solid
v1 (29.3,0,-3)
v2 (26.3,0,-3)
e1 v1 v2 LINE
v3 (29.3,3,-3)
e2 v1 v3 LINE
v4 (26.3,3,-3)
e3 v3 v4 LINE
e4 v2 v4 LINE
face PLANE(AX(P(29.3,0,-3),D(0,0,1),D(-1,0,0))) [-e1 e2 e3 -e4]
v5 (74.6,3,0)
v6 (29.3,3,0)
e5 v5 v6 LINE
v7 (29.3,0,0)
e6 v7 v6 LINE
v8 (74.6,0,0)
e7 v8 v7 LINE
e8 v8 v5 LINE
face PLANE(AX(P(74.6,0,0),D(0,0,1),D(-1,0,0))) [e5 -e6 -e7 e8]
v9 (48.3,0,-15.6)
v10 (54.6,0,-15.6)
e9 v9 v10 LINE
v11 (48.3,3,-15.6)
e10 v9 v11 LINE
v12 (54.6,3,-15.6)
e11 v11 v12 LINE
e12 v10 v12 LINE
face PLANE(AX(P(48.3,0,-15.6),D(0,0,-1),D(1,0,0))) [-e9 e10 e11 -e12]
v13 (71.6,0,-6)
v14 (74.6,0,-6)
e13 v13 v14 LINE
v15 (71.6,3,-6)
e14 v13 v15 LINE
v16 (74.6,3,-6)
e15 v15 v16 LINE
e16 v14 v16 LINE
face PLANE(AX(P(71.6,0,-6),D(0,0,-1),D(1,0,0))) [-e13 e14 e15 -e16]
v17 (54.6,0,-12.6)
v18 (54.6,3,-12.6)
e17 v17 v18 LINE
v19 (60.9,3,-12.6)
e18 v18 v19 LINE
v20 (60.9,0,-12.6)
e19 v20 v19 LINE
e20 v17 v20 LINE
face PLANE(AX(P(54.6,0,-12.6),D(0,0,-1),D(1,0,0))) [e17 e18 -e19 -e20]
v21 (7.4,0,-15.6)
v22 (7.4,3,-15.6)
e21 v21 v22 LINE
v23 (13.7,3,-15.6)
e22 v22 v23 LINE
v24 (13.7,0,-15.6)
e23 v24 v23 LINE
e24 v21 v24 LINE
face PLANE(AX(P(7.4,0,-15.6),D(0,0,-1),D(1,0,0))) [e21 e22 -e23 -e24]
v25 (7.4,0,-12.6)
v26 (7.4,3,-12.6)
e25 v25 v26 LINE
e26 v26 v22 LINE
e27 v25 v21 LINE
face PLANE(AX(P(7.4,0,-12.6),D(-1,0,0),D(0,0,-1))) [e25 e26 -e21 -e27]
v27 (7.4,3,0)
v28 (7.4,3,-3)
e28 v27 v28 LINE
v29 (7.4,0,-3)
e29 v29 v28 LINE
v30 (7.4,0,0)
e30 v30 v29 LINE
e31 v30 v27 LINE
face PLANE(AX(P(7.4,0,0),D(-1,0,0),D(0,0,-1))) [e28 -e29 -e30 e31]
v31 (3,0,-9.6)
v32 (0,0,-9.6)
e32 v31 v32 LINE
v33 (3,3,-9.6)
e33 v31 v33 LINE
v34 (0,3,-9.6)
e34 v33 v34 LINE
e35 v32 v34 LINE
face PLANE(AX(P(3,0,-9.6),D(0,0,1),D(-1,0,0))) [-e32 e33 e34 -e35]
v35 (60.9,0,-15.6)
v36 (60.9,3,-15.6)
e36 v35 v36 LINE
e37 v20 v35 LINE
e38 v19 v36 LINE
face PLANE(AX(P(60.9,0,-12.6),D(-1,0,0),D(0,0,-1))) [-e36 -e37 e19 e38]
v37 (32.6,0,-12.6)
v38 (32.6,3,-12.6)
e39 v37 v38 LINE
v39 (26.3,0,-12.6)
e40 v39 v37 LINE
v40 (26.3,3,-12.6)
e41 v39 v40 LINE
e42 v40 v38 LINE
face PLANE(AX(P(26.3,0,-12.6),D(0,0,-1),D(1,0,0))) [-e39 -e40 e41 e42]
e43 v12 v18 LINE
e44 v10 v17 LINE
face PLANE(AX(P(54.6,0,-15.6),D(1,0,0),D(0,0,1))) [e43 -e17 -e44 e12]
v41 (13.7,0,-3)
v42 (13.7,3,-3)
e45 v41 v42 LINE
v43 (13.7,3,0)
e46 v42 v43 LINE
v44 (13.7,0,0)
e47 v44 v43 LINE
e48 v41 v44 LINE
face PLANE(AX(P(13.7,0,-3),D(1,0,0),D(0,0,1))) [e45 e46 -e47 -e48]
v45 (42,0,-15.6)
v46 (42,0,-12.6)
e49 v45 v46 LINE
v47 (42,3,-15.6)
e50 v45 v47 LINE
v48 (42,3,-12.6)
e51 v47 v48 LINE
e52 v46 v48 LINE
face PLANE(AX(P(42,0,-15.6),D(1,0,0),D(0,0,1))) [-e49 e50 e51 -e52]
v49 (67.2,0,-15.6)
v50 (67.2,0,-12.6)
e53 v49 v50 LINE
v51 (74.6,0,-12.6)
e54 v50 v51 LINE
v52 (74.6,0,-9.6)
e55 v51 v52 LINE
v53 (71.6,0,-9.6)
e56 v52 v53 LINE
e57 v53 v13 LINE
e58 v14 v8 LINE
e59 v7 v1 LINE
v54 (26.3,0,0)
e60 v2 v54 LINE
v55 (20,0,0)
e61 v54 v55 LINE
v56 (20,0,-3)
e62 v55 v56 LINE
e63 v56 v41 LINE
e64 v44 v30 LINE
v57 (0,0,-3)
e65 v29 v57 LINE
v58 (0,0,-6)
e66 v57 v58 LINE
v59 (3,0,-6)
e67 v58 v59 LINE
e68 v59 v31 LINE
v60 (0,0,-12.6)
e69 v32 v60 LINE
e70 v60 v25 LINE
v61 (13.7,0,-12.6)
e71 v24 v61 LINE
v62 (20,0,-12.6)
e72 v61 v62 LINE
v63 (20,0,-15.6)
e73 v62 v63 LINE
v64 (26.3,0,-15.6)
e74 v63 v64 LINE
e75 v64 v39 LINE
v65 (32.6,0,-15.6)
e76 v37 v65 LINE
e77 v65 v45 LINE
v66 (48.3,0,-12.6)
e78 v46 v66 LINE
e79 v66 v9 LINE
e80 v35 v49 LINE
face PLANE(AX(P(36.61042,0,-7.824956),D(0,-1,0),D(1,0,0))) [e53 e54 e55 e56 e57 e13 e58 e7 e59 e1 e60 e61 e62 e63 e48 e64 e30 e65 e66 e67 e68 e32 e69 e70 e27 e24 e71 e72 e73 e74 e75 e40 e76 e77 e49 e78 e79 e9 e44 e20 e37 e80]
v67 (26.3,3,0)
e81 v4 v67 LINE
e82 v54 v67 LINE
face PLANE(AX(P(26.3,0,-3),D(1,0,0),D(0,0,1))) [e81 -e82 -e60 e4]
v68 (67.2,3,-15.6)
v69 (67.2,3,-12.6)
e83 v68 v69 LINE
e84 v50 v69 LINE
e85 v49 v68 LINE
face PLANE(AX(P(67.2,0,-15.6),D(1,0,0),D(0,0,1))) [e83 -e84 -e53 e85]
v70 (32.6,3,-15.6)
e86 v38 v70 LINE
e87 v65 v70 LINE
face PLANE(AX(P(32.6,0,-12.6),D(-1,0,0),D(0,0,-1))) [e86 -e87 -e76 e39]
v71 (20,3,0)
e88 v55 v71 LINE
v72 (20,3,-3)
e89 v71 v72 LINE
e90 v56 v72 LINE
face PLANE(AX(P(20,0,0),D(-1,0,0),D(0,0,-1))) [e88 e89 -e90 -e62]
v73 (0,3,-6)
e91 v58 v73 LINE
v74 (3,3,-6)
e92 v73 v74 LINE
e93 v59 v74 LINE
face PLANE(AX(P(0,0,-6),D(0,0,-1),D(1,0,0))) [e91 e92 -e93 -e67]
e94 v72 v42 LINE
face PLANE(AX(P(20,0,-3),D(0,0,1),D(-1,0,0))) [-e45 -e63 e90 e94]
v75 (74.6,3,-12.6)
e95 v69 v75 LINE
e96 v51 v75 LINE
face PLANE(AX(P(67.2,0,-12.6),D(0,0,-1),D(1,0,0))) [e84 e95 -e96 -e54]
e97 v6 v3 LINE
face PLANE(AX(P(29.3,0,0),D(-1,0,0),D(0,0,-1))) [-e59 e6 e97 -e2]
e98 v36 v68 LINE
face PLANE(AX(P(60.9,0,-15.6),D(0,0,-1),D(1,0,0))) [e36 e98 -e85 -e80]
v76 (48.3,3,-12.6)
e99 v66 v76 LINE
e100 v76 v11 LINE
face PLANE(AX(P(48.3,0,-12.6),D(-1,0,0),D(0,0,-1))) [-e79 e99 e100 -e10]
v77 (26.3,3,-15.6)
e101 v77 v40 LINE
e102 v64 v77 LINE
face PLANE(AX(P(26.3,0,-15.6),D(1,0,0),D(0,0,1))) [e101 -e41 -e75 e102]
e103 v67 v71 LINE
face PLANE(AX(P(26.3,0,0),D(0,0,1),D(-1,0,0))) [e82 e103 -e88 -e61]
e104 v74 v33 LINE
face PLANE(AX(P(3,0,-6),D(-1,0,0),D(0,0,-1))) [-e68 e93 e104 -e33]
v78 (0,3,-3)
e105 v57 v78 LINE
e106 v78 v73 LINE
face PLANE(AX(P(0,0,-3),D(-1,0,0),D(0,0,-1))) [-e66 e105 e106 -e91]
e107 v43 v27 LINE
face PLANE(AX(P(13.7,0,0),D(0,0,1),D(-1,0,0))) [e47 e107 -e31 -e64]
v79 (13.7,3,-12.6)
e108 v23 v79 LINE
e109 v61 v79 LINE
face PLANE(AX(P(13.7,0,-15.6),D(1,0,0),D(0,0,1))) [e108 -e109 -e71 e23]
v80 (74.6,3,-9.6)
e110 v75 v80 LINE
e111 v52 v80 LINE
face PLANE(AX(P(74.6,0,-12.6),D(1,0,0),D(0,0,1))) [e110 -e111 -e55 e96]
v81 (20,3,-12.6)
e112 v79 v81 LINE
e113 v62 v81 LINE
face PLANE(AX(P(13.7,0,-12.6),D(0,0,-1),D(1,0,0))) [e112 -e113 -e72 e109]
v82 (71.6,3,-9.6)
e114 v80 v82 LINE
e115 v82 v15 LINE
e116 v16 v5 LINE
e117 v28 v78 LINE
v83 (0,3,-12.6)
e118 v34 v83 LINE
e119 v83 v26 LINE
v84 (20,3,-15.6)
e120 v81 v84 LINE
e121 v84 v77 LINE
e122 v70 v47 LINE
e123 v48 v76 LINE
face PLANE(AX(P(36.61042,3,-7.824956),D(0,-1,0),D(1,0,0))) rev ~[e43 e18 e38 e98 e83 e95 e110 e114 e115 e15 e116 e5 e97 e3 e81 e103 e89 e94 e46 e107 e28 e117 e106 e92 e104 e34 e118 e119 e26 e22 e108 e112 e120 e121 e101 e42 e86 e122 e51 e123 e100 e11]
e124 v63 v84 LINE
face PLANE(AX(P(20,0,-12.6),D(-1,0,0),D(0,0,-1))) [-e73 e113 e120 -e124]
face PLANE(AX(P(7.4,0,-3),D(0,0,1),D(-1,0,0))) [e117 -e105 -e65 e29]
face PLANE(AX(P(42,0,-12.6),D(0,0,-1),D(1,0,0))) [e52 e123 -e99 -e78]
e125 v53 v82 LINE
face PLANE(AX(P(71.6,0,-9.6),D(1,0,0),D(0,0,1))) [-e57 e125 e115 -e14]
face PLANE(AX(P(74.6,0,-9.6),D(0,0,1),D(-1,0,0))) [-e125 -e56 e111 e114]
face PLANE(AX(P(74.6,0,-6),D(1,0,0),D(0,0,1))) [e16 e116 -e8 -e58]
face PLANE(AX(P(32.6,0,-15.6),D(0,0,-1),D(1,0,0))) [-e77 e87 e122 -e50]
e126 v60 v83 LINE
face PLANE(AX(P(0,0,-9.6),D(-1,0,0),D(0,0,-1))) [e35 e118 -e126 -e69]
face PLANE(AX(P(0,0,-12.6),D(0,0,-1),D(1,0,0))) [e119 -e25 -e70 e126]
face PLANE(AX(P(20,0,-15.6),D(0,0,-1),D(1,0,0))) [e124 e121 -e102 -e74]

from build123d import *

# Parameters (mm, degrees)
F1_DEPTH = 3


with BuildPart() as f1:
    # F0 (on Front) → F1 (new body)
    with BuildSketch(Plane.XZ):
        Polygon((7.4, -3), (0, -3), (0, -6), (3, -6), (3, -9.6), (0, -9.6), (0, -12.6), (7.4, -12.6), (7.4, -15.6), (13.7, -15.6), (13.7, -12.6), (20, -12.6), (20, -15.6), (26.3, -15.6), (26.3, -12.6), (32.6, -12.6), (32.6, -15.6), (42, -15.6), (42, -12.6), (48.3, -12.6), (48.3, -15.6), (54.6, -15.6), (54.6, -12.6), (60.9, -12.6), (60.9, -15.6), (67.2, -15.6), (67.2, -12.6), (74.6, -12.6), (74.6, -9.6), (71.6, -9.6), (71.6, -6), (74.6, -6), (74.6, 0), (29.3, 0), (29.3, -3), (26.3, -3), (26.3, 0), (20, 0), (20, -3), (13.7, -3), (13.7, 0), (7.4, 0), align=None)
    extrude(amount=-F1_DEPTH)


solid = f1.part
